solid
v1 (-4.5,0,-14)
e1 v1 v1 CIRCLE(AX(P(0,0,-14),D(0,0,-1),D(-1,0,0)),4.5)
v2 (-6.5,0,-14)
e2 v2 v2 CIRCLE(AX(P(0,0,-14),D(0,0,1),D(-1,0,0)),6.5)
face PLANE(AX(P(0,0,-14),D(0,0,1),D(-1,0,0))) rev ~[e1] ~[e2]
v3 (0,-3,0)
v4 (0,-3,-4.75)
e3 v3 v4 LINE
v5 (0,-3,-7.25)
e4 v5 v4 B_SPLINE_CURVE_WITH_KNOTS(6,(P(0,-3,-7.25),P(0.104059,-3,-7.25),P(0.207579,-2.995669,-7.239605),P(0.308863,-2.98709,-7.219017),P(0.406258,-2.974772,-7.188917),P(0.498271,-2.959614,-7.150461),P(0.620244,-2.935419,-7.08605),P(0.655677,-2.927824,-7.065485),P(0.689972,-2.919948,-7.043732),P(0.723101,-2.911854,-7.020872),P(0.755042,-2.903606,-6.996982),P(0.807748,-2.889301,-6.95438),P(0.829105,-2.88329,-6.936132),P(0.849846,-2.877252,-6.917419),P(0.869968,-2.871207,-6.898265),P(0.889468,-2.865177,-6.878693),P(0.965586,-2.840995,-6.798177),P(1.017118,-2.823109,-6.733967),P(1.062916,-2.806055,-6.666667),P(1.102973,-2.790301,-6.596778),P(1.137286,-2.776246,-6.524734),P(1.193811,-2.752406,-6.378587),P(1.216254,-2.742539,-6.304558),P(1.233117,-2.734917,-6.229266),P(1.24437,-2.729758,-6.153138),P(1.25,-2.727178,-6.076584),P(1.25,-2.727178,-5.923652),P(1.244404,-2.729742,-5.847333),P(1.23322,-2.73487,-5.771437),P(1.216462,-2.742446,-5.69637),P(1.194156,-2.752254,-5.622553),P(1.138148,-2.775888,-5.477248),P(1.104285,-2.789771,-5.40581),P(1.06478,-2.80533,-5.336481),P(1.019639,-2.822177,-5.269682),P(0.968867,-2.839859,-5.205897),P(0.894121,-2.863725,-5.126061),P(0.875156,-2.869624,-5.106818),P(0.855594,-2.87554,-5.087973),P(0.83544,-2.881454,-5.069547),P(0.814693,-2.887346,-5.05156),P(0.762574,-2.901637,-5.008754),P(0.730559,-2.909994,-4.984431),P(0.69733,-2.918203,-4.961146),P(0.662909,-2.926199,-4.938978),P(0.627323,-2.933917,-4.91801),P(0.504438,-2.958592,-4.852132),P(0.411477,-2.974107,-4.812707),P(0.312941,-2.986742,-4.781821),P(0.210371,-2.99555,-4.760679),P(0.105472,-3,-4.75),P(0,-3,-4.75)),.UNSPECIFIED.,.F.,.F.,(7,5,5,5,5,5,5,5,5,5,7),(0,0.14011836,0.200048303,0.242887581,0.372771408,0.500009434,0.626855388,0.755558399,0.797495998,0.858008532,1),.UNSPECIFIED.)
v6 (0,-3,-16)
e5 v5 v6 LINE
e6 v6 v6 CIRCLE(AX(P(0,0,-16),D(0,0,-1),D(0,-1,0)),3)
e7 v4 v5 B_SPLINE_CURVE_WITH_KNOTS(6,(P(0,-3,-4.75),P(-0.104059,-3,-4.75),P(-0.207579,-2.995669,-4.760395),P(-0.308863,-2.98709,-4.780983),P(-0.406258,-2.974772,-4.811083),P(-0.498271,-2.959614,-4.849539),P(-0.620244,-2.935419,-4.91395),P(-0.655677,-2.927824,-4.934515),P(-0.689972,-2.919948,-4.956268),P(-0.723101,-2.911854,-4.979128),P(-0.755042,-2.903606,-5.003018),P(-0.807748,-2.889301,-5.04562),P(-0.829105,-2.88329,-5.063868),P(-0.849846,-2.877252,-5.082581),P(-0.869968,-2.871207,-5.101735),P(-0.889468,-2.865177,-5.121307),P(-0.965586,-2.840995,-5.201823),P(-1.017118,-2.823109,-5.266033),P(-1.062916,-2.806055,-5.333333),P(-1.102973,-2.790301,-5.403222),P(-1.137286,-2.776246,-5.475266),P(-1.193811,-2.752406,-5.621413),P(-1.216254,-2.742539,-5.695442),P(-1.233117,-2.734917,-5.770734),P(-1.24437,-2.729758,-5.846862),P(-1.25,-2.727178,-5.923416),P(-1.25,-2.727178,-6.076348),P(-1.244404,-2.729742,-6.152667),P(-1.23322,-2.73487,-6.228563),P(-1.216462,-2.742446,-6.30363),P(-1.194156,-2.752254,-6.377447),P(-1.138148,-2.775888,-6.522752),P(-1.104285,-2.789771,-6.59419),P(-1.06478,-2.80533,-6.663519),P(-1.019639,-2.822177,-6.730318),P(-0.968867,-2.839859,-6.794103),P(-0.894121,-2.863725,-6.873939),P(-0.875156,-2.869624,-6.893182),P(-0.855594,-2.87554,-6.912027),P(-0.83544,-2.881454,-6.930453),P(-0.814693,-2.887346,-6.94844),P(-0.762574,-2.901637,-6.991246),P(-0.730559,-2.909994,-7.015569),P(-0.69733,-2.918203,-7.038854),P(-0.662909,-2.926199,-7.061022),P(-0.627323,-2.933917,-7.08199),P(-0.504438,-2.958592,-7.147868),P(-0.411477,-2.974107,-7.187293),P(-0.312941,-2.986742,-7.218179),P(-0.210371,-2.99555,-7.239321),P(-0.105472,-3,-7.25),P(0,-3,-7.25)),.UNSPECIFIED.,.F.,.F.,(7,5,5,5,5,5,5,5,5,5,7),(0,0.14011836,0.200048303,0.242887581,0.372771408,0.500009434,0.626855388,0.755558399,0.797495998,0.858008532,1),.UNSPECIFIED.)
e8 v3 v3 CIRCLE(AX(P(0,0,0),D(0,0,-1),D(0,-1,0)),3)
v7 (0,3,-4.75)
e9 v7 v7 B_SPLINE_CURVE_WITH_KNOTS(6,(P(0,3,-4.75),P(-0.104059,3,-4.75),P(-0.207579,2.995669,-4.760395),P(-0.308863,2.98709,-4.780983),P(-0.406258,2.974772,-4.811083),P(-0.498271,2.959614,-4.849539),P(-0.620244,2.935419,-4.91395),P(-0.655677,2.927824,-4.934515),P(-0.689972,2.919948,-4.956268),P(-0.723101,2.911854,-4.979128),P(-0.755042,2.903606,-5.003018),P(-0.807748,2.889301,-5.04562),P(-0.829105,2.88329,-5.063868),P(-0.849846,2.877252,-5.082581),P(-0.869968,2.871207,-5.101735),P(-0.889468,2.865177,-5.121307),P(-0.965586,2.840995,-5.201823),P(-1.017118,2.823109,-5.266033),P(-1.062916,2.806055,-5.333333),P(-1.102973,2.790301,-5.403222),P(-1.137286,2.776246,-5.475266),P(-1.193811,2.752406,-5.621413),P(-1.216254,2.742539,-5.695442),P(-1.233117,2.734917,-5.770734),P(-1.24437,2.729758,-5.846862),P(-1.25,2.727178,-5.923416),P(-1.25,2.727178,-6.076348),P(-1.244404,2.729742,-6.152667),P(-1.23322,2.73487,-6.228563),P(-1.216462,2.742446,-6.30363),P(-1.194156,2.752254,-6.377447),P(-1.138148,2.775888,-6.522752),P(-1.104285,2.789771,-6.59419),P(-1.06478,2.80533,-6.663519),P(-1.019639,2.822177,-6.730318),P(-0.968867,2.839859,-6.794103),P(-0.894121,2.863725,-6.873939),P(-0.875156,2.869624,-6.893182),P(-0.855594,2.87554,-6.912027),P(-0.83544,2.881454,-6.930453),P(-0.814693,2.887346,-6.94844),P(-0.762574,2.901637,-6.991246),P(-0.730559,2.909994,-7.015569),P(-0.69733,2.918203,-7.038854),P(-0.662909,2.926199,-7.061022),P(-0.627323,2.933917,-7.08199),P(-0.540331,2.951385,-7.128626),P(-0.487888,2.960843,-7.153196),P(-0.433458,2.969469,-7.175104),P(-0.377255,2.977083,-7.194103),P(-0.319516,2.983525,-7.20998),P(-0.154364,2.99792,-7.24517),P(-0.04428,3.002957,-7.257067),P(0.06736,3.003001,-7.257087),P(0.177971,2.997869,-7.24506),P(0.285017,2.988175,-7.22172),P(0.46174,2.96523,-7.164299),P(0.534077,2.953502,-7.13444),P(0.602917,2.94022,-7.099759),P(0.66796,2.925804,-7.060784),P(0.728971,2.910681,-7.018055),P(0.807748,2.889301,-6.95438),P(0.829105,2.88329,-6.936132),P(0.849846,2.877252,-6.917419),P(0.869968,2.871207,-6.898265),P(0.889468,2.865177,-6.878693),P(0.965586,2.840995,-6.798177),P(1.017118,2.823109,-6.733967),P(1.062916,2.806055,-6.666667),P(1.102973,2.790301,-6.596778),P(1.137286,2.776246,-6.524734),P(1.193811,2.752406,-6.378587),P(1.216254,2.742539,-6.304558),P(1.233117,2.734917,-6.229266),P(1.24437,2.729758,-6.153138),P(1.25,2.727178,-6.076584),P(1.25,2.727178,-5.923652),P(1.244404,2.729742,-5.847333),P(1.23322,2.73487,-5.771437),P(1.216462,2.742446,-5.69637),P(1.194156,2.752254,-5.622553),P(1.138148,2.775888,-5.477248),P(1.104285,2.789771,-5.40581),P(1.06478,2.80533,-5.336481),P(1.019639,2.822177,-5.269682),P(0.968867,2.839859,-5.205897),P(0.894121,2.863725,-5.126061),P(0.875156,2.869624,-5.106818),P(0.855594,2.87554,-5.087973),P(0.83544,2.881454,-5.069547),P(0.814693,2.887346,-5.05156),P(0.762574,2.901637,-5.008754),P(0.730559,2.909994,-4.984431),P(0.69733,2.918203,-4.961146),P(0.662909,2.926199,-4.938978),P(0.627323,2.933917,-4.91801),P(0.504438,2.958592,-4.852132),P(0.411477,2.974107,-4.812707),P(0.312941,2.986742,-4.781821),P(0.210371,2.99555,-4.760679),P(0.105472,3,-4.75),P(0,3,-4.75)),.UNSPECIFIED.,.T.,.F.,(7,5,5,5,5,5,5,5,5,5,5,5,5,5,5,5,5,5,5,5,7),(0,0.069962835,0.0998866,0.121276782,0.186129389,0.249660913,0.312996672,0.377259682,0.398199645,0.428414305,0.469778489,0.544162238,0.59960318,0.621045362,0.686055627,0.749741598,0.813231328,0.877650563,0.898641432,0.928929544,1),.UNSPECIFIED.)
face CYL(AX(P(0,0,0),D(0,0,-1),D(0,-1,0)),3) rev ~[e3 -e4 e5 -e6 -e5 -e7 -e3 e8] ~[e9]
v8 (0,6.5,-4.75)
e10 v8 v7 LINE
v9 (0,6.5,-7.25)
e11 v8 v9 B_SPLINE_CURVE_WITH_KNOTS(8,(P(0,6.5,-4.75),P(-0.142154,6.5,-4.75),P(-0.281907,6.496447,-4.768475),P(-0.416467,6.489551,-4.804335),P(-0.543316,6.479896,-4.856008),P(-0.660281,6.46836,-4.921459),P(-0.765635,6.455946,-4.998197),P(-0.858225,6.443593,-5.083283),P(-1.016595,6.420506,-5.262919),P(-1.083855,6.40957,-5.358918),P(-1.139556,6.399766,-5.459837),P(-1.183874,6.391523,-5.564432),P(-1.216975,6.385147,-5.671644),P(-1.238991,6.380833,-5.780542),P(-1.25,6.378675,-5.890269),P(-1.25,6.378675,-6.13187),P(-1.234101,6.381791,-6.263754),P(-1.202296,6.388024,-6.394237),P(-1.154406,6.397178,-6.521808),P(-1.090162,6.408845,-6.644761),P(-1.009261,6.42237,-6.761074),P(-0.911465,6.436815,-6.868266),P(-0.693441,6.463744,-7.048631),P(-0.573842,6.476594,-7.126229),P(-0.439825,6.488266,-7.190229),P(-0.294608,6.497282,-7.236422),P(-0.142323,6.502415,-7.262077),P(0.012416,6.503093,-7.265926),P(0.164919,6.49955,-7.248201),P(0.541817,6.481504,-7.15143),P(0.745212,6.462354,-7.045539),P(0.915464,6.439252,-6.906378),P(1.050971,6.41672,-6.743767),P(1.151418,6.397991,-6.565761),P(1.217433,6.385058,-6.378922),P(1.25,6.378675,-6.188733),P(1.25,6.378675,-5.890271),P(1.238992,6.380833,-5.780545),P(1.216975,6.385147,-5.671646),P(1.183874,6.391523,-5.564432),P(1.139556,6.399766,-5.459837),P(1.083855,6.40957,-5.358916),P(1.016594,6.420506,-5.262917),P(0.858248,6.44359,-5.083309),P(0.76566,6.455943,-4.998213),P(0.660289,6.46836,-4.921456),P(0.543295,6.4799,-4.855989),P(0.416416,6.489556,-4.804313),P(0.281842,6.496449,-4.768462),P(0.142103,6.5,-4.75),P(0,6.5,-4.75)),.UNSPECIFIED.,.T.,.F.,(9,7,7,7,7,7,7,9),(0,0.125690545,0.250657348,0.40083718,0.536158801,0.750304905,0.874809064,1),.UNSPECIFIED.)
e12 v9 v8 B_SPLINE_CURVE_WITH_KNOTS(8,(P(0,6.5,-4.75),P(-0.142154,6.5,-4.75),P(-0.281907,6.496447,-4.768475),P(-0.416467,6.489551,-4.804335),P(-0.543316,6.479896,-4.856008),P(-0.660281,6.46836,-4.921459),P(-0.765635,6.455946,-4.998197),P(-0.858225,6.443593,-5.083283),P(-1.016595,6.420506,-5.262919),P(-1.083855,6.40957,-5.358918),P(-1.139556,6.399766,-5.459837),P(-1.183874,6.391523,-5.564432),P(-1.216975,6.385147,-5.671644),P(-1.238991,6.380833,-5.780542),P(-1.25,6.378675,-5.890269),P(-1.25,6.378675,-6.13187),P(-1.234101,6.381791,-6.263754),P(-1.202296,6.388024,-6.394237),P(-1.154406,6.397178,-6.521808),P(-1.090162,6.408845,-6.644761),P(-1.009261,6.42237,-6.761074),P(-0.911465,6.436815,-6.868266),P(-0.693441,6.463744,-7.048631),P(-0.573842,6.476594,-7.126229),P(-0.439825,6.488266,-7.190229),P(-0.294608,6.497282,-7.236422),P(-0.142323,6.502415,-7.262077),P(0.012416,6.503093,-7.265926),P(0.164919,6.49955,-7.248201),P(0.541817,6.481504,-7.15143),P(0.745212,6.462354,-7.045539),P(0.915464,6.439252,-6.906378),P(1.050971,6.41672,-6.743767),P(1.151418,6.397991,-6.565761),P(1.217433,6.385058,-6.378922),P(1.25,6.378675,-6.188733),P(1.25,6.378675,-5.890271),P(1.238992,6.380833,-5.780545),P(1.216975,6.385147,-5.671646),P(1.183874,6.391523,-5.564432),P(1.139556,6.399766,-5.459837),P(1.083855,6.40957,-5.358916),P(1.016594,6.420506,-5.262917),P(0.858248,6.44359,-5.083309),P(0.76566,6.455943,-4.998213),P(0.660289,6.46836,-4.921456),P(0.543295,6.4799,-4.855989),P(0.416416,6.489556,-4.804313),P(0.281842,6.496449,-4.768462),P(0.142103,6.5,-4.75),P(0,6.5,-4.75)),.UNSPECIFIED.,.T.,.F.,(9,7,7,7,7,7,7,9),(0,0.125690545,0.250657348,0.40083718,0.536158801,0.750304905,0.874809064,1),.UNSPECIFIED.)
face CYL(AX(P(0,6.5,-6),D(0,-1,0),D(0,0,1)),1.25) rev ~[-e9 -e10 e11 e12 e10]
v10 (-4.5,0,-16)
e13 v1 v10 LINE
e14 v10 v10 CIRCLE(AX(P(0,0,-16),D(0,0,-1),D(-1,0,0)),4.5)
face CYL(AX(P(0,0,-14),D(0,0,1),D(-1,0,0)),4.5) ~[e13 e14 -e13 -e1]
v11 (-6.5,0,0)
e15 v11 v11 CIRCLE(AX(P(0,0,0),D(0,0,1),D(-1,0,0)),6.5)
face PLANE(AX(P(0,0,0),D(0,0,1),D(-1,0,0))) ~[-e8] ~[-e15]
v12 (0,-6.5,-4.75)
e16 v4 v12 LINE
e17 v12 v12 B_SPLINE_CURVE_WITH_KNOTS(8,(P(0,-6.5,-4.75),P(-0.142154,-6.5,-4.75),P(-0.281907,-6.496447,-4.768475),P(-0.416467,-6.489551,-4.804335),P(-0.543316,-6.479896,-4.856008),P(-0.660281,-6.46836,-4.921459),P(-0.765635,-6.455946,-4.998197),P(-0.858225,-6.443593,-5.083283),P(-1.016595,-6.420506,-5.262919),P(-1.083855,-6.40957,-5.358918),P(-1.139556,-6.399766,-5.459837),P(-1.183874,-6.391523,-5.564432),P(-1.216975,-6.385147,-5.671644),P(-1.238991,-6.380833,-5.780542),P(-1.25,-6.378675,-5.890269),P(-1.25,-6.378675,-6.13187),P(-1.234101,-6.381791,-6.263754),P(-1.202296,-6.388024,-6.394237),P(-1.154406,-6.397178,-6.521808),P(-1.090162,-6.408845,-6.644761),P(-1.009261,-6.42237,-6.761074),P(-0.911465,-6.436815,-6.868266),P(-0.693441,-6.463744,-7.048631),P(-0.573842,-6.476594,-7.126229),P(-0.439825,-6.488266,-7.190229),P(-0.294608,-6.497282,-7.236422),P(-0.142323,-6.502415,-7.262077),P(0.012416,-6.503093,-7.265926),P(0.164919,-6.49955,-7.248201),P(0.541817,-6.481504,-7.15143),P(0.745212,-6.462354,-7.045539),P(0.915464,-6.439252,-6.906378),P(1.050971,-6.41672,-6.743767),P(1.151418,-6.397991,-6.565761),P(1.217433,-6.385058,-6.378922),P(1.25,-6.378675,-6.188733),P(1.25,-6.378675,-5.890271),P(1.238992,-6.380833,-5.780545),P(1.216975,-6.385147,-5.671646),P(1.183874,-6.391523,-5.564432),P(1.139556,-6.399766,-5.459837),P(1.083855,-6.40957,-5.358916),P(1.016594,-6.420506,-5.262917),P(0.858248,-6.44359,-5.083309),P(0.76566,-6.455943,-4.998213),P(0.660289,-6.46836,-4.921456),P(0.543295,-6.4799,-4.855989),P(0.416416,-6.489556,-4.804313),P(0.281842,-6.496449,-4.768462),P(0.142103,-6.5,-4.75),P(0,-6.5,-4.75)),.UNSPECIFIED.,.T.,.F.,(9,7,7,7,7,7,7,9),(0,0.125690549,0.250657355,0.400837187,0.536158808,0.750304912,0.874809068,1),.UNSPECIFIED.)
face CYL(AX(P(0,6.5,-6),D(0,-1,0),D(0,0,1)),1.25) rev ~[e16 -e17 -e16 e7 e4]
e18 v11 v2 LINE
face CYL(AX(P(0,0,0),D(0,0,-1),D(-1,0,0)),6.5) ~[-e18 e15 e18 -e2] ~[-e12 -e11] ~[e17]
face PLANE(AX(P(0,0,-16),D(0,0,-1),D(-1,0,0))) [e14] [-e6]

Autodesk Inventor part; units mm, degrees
ref_plane "YZ Plane" through (0, 0, 0) normal (1, 0, 0) x (0, 1, 0)
ref_plane "XY Plane" through (0, 0, 0) normal (0, 0, 1) x (1, 0, 0)
sketch "Skizze1" plane through (0, 0, 0) normal (0, 1, 0) x (-1, 0, 0)
  line L0 (0, 0) -> (6.5, 0)
  line L1 (6.5, 0) -> (6.5, -14)
  line L2 (6.5, -14) -> (0, -14)
  line L3 (0, -14) -> (0, 0)
  point P0 (6.5, -7)
  dimension "d0" = 13
  dimension "d1" = 14
revolve "Umdrehung1" add sketch "Skizze1" angle 360 about axis through (0, 0, -14) along (0, 0, 1)
ref_plane "Arbeitsebene1" through (0, 6.5, 0) normal (0, 1, 0) x (-1, 0, 0)
sketch "Skizze3" plane through (0, 6.5, 0) normal (0, 1, 0) x (-1, 0, 0)
  point P0 (0, 0)
  point P1 (0, -6)
  dimension "d11" = 6
hole "Bohrung2" at (0, 6.5, -6) direction (0, -1, 0) diameter 2.5 end through all
sketch "Skizze6" plane through (0, 0, -14) normal (0, 0, -1) x (-1, 0, 0)
  circle A0 centre (0, 0) radius 4.5
  point P0 (0, 0)
extrude "Extrusion1" add sketch "Skizze6" along normal blind 2
sketch "Skizze4" plane through (0, 0, 0) normal (0, 0, 1) x (1, 0, 0)
  circle A0 centre (0, 0) radius 6.5 projected
  point P0 (0, 0)
hole "Bohrung3" at (0, 0, 0) direction (0, 0, -1) diameter 6 end through all
properties part number "205 part 2" material "Gold"
